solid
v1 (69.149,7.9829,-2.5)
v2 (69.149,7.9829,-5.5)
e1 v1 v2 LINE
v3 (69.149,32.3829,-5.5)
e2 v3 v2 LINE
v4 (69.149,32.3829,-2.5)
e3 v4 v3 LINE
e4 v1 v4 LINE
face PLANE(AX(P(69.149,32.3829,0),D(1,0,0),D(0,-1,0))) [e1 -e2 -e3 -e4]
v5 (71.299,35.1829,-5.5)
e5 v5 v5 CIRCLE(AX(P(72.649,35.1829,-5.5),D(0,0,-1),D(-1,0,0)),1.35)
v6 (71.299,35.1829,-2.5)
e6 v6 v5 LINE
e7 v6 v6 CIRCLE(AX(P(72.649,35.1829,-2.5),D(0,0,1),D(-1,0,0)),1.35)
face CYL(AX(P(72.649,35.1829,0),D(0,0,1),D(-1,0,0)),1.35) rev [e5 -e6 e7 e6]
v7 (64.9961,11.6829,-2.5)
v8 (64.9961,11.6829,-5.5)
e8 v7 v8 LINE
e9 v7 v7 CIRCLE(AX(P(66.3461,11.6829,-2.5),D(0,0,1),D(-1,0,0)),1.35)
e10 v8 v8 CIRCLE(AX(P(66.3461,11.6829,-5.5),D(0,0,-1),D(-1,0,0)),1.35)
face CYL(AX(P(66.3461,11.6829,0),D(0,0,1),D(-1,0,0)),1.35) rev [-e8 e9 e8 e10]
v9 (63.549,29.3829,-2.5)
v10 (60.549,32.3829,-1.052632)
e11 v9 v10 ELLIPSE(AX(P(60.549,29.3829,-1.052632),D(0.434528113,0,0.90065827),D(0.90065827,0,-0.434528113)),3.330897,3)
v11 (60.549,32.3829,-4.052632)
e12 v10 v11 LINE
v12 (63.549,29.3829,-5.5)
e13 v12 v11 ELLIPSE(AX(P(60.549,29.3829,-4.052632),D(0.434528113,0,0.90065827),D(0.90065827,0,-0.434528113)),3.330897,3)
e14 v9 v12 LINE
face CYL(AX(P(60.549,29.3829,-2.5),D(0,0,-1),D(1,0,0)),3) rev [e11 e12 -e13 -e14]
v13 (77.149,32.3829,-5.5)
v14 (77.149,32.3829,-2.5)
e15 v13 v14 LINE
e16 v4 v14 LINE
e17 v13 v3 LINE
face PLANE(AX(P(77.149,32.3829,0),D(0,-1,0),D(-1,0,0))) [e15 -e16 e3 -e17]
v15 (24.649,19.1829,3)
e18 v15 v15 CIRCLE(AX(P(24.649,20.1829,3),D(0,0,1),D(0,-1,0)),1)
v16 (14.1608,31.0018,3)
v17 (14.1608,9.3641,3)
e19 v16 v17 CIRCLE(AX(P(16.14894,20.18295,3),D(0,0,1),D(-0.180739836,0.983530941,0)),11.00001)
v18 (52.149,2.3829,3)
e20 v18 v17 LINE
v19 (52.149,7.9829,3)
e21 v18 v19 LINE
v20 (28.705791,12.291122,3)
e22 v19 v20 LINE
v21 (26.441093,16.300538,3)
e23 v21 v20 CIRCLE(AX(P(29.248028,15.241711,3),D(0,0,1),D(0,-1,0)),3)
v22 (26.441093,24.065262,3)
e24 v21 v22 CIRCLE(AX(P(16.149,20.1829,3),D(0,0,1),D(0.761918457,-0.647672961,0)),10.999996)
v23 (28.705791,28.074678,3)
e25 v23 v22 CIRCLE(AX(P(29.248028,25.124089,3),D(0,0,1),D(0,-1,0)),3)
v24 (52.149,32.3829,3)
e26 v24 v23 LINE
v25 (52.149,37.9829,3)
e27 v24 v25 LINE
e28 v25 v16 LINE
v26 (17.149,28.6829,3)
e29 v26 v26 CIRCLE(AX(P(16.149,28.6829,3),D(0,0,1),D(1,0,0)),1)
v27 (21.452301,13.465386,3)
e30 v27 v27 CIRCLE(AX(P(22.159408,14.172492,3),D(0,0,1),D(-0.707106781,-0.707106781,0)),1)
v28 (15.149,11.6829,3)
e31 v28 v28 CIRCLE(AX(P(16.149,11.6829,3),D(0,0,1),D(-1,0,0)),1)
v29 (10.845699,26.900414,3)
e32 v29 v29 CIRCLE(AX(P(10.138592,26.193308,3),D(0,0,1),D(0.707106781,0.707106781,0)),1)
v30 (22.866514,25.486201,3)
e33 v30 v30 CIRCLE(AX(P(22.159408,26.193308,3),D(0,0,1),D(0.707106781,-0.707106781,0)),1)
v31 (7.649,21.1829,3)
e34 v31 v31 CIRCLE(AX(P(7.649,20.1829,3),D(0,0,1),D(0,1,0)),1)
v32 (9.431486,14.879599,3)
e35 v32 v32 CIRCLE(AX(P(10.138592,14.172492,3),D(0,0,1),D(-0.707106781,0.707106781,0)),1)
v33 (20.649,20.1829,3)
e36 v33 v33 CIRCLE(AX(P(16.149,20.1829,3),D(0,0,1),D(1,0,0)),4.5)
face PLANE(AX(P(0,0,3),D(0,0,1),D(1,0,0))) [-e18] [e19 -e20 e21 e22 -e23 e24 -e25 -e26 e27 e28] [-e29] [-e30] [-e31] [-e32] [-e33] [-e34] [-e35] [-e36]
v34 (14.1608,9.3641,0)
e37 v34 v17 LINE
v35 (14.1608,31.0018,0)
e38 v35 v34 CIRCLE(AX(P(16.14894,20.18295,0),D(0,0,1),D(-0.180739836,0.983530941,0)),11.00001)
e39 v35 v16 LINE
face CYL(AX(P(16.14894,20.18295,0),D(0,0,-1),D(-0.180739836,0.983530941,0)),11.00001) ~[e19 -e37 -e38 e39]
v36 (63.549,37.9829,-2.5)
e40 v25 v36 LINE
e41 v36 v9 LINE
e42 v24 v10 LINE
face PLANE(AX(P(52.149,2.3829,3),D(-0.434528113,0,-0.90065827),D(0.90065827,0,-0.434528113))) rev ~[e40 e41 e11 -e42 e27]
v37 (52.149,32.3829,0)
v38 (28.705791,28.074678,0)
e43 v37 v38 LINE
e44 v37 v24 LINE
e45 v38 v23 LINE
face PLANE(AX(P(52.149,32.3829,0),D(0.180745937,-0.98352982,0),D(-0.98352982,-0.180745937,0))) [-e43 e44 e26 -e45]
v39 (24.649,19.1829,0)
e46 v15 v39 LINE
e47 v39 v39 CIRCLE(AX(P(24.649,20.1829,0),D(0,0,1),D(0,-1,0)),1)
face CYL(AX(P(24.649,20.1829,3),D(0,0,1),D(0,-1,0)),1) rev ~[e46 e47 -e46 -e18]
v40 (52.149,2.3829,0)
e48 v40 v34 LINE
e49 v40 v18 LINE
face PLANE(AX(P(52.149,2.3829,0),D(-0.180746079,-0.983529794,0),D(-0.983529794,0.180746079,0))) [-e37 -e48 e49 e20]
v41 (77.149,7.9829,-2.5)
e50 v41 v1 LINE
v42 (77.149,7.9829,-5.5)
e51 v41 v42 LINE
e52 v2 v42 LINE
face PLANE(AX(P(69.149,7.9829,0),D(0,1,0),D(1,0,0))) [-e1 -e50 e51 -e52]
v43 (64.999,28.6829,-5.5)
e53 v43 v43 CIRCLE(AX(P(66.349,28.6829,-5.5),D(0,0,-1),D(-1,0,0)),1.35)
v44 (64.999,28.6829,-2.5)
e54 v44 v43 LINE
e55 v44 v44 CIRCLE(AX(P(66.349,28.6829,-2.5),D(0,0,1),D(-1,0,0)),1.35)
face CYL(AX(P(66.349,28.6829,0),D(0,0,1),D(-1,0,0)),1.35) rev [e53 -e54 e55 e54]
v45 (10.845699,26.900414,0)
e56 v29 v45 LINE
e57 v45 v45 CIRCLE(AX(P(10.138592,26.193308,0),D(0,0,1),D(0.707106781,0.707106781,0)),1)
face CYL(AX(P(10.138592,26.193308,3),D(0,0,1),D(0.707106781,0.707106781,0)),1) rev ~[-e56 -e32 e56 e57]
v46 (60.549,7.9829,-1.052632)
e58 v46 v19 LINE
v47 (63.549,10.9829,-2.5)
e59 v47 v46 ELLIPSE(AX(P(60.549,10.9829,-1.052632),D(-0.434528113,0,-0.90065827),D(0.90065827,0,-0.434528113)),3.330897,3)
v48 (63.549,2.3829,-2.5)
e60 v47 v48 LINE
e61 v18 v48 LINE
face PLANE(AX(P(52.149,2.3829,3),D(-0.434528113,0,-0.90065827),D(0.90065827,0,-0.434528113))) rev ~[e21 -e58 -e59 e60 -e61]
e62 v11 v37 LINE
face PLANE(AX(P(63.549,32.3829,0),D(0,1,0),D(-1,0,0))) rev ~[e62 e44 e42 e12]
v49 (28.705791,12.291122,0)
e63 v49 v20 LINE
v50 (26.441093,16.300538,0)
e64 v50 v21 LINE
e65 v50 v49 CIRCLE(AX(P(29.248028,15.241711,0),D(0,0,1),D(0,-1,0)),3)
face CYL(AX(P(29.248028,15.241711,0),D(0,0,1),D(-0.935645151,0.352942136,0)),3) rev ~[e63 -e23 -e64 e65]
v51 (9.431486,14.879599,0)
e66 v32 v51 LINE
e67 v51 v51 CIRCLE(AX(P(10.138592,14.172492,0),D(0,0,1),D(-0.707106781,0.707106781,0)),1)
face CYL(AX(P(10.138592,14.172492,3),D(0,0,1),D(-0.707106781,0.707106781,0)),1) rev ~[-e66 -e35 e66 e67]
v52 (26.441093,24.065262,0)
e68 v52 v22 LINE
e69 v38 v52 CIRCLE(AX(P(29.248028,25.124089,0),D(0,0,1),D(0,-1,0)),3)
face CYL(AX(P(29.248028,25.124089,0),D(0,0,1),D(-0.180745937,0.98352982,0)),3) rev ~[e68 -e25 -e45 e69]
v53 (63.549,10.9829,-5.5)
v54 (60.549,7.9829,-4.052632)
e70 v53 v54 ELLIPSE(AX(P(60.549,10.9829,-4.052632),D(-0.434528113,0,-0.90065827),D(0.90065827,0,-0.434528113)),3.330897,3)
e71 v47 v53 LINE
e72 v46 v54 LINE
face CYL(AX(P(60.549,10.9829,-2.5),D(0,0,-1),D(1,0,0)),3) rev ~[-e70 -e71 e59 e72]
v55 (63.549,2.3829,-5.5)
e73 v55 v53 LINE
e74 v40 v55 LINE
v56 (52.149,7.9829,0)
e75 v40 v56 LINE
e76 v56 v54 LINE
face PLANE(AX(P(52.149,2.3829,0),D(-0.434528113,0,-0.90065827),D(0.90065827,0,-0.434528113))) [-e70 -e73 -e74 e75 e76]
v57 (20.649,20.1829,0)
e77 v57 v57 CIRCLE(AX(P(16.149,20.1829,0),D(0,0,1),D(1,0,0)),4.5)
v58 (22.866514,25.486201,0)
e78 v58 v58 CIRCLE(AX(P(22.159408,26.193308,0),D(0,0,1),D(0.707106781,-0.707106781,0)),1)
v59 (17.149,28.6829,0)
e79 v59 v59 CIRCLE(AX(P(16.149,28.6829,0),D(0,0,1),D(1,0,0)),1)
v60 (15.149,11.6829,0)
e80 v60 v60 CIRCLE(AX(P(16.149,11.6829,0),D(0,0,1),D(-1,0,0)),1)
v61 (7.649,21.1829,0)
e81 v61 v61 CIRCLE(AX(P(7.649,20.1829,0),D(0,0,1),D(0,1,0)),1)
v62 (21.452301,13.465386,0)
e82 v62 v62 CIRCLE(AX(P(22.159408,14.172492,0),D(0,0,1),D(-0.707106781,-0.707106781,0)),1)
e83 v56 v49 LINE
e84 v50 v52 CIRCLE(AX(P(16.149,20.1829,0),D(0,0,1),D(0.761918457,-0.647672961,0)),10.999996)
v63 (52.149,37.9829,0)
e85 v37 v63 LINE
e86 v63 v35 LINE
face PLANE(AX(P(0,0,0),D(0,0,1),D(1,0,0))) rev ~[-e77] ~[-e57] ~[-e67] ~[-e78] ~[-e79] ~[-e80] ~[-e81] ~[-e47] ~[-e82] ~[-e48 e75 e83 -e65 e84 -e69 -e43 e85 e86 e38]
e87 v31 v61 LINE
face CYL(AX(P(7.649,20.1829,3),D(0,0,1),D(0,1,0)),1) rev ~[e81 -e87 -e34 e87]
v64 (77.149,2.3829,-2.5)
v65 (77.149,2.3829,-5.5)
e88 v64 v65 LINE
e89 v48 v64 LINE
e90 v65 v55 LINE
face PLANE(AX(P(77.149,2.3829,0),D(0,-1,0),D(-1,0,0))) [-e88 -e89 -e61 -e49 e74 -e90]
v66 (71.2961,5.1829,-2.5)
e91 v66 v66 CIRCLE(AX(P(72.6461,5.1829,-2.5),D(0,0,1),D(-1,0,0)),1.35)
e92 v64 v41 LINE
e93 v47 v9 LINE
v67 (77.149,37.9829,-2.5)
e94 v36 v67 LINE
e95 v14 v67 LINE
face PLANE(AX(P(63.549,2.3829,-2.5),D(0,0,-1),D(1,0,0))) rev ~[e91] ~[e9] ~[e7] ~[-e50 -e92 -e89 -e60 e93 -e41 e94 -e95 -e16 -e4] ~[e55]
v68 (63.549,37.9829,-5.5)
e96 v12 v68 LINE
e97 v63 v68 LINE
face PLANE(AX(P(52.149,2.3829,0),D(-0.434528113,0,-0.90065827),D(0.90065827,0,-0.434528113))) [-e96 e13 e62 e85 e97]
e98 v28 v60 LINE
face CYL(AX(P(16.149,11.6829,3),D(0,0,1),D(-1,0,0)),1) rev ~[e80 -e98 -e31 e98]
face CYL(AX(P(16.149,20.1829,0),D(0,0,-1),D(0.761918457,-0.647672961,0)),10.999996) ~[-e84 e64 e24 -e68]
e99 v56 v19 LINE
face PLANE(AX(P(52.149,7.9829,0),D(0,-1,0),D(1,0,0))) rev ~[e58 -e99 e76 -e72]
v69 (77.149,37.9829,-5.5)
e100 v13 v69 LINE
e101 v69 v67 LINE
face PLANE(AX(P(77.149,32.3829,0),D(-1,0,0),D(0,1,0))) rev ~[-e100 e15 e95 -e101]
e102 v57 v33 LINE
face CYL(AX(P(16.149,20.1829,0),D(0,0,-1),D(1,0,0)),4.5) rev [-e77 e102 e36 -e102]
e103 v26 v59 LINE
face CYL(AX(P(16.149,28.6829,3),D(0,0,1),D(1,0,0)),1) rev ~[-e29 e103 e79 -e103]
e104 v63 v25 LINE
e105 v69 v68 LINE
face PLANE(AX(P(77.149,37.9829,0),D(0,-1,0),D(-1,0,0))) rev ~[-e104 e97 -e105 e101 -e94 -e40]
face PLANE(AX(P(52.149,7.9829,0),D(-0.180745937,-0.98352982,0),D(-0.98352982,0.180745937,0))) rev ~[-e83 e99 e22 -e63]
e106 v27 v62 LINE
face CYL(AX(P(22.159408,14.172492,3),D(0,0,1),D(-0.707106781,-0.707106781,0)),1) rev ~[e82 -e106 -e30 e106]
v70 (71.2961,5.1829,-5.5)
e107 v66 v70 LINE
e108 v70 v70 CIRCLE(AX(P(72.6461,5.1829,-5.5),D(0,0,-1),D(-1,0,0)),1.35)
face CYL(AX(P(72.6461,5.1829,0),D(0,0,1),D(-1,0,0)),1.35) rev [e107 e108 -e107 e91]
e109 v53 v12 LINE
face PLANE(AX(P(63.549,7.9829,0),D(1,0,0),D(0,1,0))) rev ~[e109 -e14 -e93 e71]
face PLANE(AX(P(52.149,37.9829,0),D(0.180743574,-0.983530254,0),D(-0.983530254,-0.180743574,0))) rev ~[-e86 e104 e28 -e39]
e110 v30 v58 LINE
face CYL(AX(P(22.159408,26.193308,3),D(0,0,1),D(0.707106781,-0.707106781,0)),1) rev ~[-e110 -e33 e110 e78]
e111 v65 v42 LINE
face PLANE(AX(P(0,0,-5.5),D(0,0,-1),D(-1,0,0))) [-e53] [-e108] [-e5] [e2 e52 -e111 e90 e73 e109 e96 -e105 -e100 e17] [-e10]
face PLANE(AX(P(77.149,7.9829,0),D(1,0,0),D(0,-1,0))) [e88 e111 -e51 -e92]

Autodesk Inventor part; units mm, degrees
ref_plane "YZ Plane" through (0, 0, 0) normal (1, 0, 0) x (0, 1, 0)
sketch "Sketch1" plane through (0, 0, 0) normal (0, 0, 1) x (1, 0, 0)
  circle A0 centre (66.3461, 11.6829) radius 1.35
  circle A1 centre (66.349, 28.6829) radius 1.35
  circle A2 centre (72.6461, 5.1829) radius 1.35
  circle A3 centre (72.649, 35.1829) radius 1.35
  line L0 (77.149, 32.3829) -> (77.149, 37.9829)
  line L1 (77.149, 7.9829) -> (77.149, 2.3829)
  line L2 (77.149, 32.3829) -> (69.149, 32.3829)
  line L3 (69.149, 32.3829) -> (69.149, 7.9829)
  line L4 (69.149, 7.9829) -> (77.149, 7.9829)
  circle A4 centre (16.149, 20.1829) radius 4.5
  line L5 (77.149, 37.9829) -> (52.149, 37.9829)
  arc A5 (14.1608, 31.0018) -> (14.1608, 9.3641) centre (16.149, 20.1829) ccw
  line L6 (52.149, 37.9829) -> (14.1608, 31.0018)
  line L7 (77.149, 2.3829) -> (52.149, 2.3829)
  line L8 (52.149, 2.3829) -> (14.1608, 9.3641)
  line L9 (63.549, 7.9829) -> (63.549, 32.3829)
  line L10 (63.549, 32.3829) -> (52.149, 32.3829)
  line L11 (52.149, 32.3829) -> (24.5301, 27.3073)
  line L12 (52.149, 7.9829) -> (63.549, 7.9829)
  line L13 (52.149, 7.9829) -> (24.5301, 13.0585)
  arc A6 (24.5301, 13.0585) -> (24.5301, 27.3073) centre (16.149, 20.1829) ccw
  point P0 (0, 0)
  dimension "d2" = 9
  dimension "d26" = 8
  dimension "d27" = 8
  dimension "d29" = 2.8
  dimension "d30" = 6.3
  dimension "d31" = 6.3
  dimension "d32" = 25
  dimension "d33" = 22
  dimension "d34" = 25
  dimension "d43" = 5.6
  dimension "d44" = 5.6
  dimension "d46" = 5.6
  dimension "d47" = 11.4
  dimension "d48" = 11.4
extrude "Extrusion1" add sketch "Sketch1" along normal blind 3
ref_plane "Work Plane1" through (47.9215, -19.8251, -5.5) normal (0, 0, 1) x (1, 0, 0)
sketch "Sketch5" plane through (0, 0, 0) normal (0, 0, -1) x (-1, 0, 0)
  line L0 (-52.149, 7.9829) -> (-63.549, 7.9829) projected
  line L1 (-63.549, 32.3829) -> (-52.149, 32.3829) projected
  circle A0 centre (-72.6461, 5.1829) radius 1.35 projected
  circle A1 centre (-66.349, 28.6829) radius 1.35 projected
  circle A2 centre (-66.3461, 11.6829) radius 1.35 projected
  circle A3 centre (-72.649, 35.1829) radius 1.35 projected
  line L2 (-77.149, 32.3829) -> (-77.149, 37.9829) projected
  line L3 (-77.149, 2.3829) -> (-77.149, 7.9829) projected
  line L4 (-77.149, 37.9829) -> (-52.149, 37.9829) projected
  line L5 (-77.149, 32.3829) -> (-69.149, 32.3829)
  line L6 (-69.149, 32.3829) -> (-69.149, 7.9829)
  line L7 (-69.149, 7.9829) -> (-77.149, 7.9829)
  line L8 (-77.149, 7.9829) -> (-77.149, 2.3829)
  line L9 (-77.149, 2.3829) -> (-52.149, 2.3829)
  line L10 (-52.149, 2.3829) -> (-52.149, 7.9829)
  line L11 (-63.549, 7.9829) -> (-63.549, 32.3829)
  line L12 (-52.149, 32.3829) -> (-52.149, 37.9829)
  line L13 (-63.549, 32.3829) -> (-52.149, 32.3829)
  line L14 (-52.149, 37.9829) -> (-77.149, 37.9829)
  line L15 (-77.149, 32.3829) -> (-77.149, 37.9829)
  circle A4 centre (-72.649, 35.1829) radius 1.35
  circle A5 centre (-66.349, 28.6829) radius 1.35
  circle A6 centre (-66.3461, 11.6829) radius 1.35
  circle A7 centre (-72.6461, 5.1829) radius 1.35
  point P0 (0, 0)
  dimension "d49" = 2.7
  dimension "d50" = 2.7
ref_plane "Work Plane2" through (55.1914, -9.495, -5.5) normal (0, 0, 1) x (1, 0, 0)
extrude "Extrusion5" add sketch "Sketch5" along normal up to surface (5.5 mm away)
sketch "Sketch6" plane through (52.149, 2.3829, 3) normal (0, -1, 0) x (1, 0, 0)
  line L0 (0, -3) -> (0, -8.5) projected
  line L1 (25, -8.5) -> (0, -8.5) projected
  line L2 (25, -8.5) -> (25, 0) projected
  line L3 (0, -3) -> (11.4, -8.5)
  line L4 (11.4, -8.5) -> (0, -8.5)
  line L5 (0, -8.5) -> (0, -3)
  line L6 (0, 0) -> (11.4, -5.5)
  line L7 (11.4, -8.5) -> (11.4, 0) projected
  line L8 (11.4, -5.5) -> (25, -5.5)
  line L9 (25, -8.5) -> (25, 0) projected
  line L10 (25, -5.5) -> (25, 0)
  line L11 (25, 0) -> (17, 0) projected
  line L12 (25, 0) -> (0, 0)
  point P0 (-52.149, -3)
extrude "Extrusion6" cut sketch "Sketch6" against normal through all contours L3 L1 L0 | L6 L12 L7 | L7 L12 L11 L2 L8
fillet "Fillet2" radius 3 4 edges at (63.549, 32.3829, -4) (24.5301, 27.3073, 1.5) (24.5301, 13.0585, 1.5) (63.549, 7.9829, -4)
sketch "Sketch7" plane through (0, 0, 3) normal (0, 0, 1) x (1, 0, 0)
  arc A0 (26.4411, 16.3006) -> (26.4411, 24.0653) centre (16.149, 20.1829) ccw projected
  circle A1 centre (16.149, 28.6829) radius 1
  point P0 (0, 0)
  dimension "d56" = 2
  dimension "d57" = 8.5
extrude "Extrusion7" cut sketch "Sketch7" against normal through all
pattern_circular "Circular Pattern1" count 8 over 360 about axis through (16.149, 20.1829, 0) along (0, 0, 1) of "Extrusion7"
properties part number "Arm" material "Aluminum-6061"
